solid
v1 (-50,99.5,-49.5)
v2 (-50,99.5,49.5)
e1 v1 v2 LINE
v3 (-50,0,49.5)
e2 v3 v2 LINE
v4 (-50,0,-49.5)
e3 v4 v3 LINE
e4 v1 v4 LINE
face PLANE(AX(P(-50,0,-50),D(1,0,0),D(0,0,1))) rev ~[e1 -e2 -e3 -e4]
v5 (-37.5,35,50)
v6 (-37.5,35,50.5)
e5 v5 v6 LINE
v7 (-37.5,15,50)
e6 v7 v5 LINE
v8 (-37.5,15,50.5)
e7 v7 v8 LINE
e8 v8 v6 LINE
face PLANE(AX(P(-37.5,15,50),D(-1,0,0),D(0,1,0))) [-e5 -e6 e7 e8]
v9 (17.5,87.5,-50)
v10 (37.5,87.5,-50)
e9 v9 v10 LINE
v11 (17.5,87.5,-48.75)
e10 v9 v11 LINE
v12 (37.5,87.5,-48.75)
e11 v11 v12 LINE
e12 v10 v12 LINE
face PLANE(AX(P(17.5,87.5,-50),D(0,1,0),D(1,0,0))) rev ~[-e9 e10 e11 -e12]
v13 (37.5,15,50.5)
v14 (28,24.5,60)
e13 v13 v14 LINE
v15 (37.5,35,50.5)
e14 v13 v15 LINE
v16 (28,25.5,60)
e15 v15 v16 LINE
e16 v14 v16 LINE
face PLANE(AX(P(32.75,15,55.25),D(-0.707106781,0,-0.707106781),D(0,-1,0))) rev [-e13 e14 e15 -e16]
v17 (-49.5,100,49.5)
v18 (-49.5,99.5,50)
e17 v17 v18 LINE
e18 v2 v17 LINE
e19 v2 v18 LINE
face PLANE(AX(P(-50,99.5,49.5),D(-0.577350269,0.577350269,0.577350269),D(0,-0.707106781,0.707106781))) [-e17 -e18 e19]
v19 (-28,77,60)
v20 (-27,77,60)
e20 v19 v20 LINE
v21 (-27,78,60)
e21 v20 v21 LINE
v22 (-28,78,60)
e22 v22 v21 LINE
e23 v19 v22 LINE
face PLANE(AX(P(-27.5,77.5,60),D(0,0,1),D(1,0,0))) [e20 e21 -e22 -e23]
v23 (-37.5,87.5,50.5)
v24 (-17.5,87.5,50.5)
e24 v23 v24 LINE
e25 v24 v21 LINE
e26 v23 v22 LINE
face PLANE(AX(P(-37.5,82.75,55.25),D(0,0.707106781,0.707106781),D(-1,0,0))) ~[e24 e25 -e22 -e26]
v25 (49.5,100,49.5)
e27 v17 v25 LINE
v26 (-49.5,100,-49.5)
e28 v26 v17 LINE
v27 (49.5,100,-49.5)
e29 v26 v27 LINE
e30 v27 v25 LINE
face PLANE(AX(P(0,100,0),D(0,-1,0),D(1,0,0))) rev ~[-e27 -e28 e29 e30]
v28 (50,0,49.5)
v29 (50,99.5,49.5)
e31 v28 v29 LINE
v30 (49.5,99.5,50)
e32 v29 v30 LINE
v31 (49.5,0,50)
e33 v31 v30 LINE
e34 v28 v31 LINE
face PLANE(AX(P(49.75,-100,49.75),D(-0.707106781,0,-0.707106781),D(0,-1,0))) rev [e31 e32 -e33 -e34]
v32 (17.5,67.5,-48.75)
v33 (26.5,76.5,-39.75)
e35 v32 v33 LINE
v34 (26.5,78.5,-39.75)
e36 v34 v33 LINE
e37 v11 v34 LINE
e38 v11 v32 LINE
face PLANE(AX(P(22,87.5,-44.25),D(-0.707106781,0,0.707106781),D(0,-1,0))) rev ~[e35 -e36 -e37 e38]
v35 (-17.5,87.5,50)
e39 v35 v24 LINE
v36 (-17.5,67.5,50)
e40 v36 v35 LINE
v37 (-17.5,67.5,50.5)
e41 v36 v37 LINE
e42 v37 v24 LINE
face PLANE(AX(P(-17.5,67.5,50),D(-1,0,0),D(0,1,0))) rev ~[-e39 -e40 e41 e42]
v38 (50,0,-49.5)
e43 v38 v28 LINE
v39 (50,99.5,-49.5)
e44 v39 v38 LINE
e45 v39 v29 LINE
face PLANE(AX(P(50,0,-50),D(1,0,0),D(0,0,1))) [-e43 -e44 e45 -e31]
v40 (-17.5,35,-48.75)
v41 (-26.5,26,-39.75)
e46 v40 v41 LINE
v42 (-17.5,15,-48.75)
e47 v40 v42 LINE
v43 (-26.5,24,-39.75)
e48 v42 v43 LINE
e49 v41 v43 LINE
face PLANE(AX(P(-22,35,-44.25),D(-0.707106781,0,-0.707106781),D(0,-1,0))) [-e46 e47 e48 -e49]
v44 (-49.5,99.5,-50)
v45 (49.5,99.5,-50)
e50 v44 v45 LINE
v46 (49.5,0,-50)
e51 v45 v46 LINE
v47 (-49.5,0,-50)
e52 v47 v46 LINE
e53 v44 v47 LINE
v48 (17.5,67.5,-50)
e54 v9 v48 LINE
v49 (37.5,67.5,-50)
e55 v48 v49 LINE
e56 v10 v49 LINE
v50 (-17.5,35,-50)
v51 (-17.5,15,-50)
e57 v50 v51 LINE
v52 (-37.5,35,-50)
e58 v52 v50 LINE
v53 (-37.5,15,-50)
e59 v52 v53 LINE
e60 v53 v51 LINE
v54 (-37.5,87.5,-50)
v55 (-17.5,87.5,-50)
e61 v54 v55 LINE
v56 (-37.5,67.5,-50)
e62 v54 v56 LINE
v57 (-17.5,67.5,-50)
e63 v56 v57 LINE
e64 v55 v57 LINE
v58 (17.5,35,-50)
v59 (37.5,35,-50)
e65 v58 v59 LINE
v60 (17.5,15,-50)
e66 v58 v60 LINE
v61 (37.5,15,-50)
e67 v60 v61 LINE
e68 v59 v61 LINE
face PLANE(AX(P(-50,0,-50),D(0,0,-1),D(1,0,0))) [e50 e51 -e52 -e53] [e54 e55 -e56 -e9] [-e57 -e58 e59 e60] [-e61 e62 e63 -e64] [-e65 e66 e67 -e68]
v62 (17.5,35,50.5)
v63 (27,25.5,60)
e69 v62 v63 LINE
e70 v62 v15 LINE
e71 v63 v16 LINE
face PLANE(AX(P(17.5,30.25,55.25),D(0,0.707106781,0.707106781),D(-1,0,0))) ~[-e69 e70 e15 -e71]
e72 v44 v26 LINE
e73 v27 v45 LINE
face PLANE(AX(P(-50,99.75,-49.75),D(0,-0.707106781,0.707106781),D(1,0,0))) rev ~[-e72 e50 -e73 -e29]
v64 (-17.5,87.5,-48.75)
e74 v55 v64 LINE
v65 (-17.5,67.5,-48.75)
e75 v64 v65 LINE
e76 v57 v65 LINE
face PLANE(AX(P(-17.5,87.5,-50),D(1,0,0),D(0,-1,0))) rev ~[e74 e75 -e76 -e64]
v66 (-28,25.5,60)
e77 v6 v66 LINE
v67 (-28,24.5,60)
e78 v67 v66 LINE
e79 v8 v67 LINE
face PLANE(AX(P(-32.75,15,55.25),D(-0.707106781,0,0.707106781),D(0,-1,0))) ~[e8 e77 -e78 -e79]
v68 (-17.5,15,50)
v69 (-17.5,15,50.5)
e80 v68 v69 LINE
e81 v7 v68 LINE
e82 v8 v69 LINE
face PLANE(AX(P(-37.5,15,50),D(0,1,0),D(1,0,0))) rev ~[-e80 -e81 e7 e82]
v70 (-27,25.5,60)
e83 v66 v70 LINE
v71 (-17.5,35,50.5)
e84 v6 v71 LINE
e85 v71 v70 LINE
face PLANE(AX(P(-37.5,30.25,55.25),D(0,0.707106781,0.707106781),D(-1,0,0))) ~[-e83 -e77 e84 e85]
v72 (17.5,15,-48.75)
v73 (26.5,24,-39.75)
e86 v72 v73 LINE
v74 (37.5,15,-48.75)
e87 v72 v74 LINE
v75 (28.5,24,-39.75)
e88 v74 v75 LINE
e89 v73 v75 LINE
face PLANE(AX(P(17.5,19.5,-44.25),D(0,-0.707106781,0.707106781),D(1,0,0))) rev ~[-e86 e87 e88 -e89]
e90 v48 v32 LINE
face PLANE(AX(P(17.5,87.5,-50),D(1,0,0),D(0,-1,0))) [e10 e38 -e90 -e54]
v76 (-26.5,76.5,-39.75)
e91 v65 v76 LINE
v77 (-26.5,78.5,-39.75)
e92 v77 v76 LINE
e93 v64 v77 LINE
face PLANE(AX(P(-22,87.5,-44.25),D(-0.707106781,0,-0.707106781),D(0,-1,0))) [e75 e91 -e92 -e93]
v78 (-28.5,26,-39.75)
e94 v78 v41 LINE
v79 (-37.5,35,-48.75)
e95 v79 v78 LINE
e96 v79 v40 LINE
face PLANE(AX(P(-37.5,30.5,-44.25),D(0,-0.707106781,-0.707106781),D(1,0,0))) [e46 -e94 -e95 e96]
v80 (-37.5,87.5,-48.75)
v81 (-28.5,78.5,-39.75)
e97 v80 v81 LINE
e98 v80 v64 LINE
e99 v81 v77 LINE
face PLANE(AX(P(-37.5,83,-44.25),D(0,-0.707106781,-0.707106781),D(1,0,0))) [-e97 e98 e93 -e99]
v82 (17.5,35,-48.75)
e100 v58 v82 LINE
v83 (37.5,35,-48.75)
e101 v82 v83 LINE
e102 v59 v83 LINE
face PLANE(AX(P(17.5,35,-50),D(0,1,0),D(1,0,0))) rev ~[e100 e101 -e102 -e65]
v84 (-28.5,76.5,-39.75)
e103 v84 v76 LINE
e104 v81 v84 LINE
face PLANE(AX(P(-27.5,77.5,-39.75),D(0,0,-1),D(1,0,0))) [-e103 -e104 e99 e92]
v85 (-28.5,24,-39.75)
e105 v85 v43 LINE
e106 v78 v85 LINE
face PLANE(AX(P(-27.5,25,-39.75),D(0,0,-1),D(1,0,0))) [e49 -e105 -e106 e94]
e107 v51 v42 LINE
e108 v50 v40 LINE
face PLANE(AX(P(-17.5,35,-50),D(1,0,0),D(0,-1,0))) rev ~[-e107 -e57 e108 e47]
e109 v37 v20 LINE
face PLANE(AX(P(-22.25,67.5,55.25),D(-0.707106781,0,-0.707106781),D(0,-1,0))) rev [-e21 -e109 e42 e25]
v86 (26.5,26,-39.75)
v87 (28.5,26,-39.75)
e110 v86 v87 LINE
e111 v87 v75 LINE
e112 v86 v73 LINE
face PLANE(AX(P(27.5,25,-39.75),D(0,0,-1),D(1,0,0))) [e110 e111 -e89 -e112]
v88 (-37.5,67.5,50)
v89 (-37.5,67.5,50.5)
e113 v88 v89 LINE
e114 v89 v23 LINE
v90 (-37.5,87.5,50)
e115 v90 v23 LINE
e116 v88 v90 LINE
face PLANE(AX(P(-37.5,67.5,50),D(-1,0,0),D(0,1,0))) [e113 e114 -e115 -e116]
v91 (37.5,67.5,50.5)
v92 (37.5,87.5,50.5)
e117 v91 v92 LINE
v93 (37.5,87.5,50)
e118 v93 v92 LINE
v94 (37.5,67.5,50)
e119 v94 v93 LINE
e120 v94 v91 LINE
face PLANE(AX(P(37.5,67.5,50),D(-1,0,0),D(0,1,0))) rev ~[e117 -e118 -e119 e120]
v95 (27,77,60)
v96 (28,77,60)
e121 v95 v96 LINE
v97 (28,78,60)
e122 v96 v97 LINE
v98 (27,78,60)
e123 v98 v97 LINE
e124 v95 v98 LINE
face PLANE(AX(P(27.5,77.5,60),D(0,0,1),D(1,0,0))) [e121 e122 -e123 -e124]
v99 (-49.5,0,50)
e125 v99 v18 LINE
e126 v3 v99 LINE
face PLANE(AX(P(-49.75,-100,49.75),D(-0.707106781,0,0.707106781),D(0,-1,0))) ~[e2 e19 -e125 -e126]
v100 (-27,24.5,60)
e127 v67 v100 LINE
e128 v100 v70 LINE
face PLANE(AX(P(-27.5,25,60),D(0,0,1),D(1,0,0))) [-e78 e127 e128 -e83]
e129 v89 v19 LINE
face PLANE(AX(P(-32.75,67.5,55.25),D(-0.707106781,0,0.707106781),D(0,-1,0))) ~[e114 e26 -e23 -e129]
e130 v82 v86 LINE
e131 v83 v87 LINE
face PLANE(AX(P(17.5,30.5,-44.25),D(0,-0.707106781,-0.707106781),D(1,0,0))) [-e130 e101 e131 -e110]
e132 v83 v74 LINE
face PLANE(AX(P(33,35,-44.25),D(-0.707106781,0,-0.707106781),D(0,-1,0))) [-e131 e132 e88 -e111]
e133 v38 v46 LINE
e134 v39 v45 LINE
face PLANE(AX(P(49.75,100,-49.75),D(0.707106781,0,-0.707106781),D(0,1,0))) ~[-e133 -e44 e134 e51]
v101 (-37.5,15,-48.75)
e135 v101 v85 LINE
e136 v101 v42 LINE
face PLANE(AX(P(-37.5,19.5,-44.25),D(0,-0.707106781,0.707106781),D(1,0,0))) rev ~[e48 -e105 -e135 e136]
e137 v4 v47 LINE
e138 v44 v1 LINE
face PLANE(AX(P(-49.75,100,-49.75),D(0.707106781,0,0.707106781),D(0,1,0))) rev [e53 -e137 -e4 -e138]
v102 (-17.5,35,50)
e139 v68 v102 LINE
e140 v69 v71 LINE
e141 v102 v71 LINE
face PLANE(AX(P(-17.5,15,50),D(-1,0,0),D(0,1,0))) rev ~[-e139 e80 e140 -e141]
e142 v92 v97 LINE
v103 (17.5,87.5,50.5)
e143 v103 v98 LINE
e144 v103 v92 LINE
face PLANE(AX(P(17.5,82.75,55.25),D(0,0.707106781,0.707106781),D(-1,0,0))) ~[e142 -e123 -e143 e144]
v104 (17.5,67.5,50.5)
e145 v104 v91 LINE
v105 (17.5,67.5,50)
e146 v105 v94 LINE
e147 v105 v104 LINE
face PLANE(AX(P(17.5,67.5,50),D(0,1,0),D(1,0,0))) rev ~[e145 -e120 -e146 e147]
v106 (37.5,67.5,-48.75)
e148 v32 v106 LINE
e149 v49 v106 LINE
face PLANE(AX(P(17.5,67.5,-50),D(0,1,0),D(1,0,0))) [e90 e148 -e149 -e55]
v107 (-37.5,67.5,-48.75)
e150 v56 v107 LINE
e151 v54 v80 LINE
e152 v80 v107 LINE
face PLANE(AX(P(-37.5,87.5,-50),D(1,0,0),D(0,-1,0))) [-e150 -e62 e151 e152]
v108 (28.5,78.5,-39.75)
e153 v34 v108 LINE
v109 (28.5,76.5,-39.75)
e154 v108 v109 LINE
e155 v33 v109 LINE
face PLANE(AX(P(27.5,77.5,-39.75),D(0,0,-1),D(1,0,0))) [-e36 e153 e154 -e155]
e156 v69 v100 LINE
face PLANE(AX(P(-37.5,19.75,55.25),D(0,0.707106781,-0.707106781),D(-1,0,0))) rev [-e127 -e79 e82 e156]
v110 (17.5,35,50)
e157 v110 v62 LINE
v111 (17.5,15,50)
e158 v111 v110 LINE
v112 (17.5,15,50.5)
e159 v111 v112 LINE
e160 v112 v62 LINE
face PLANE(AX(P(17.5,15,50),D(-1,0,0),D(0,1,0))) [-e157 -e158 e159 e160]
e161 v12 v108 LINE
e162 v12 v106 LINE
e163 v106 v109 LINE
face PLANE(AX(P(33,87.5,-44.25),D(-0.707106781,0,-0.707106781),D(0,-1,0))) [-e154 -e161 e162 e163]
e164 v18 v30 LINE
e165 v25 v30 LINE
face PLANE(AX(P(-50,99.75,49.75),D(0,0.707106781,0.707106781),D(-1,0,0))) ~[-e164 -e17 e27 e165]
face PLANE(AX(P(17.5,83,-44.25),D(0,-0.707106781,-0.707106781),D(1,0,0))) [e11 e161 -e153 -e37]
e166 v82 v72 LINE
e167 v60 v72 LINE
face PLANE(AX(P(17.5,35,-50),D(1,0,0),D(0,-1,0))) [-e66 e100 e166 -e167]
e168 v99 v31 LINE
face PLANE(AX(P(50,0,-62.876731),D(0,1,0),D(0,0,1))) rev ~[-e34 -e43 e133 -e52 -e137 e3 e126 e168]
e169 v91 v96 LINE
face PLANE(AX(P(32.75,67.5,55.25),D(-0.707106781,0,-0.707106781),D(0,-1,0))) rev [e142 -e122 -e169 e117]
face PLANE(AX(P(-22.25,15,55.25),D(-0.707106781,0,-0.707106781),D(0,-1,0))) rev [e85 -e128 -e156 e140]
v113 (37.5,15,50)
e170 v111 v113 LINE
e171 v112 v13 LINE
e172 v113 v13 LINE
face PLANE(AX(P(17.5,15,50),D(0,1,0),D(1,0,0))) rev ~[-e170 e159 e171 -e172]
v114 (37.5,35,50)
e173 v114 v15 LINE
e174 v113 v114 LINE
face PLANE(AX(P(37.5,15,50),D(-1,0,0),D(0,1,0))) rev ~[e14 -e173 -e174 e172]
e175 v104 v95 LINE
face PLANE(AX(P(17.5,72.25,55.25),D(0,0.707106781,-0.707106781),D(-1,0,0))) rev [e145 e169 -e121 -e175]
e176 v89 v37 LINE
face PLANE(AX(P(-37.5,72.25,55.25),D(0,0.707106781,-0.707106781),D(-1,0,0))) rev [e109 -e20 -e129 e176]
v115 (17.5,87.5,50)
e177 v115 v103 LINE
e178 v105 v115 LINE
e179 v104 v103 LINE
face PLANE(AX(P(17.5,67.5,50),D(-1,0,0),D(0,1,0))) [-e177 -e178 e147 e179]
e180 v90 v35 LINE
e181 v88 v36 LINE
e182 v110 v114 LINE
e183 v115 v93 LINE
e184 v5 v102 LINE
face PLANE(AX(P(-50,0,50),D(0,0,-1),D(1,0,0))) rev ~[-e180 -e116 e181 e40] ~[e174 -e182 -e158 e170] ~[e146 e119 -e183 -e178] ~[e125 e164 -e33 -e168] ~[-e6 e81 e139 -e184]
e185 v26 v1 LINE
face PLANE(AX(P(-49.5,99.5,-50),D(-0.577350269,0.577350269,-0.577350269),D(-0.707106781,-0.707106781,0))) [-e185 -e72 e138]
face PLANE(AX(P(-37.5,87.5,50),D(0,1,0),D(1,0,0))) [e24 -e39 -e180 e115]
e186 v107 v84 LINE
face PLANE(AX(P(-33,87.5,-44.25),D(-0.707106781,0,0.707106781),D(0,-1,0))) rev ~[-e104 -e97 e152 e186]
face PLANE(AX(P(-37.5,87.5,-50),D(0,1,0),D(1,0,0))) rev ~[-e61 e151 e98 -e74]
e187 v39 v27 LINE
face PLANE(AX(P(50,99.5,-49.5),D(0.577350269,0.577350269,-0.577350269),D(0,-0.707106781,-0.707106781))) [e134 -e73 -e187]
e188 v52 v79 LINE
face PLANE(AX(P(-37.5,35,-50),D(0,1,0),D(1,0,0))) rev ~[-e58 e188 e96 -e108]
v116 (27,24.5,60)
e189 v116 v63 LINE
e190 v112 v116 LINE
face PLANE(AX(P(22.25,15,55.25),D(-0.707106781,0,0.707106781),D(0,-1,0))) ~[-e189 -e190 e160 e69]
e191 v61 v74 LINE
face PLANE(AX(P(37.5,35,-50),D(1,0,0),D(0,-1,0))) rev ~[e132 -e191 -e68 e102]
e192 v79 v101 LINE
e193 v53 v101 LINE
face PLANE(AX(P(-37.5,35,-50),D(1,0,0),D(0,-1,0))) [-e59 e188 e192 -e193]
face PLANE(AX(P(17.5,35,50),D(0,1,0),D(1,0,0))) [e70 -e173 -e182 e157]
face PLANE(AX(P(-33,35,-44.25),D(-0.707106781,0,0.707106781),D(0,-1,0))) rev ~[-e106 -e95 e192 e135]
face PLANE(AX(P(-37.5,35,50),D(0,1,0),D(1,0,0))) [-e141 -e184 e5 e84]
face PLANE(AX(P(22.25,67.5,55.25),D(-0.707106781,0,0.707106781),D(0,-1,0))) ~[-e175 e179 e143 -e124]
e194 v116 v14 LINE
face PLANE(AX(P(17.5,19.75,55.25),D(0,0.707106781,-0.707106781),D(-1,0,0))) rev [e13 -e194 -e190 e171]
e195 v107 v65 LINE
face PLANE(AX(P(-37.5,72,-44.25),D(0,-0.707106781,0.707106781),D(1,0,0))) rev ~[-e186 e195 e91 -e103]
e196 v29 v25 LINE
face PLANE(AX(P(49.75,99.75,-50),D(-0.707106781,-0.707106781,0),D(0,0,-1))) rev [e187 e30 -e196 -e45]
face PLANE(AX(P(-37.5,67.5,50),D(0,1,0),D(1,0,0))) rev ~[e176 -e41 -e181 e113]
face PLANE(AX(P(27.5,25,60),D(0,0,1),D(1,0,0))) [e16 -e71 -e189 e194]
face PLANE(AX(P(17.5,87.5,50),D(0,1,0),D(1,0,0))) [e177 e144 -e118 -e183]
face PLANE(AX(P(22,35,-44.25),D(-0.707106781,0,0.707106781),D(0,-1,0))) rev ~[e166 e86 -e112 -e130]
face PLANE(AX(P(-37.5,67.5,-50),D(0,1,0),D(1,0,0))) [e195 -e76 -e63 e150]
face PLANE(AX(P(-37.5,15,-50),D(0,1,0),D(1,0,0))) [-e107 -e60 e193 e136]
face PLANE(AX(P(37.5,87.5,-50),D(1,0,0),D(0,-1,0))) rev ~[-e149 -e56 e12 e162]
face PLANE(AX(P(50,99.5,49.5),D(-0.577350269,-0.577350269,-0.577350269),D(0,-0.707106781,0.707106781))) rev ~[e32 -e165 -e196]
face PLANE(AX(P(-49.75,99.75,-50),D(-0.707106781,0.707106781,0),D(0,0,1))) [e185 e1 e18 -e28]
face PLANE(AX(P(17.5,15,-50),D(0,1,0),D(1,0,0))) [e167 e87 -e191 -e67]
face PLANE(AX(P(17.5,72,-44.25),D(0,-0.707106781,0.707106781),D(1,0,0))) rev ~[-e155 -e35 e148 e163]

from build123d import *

# Parameters (mm, degrees)
F0_W      = 100
F0_H      = 100
F1_DEPTH  = 100
F2_W      = 20
F2_H      = 20
F3_DEPTH  = 10
F4_SIZE   = 9.5
F5_W      = 20
F5_H      = 20
F6_DEPTH  = 10.25
F7_SIZE   = 9
F8_SIZE   = 0.5
F10_DEPTH = 100


with BuildPart() as f1:
    # F0 (on Front) → F1 (new body, symmetric)
    with BuildSketch(Plane.XZ):
        Rectangle(F0_W, F0_H)
    extrude(amount=F1_DEPTH, both=True)

    # F2 (on face) → F3 (join)
    with BuildSketch(Plane.XY.offset(50)):
        with Locations((-27.5, 77.5)):
            Rectangle(F2_W, F2_H)
        with Locations((27.5, 77.5)):
            Rectangle(F2_W, F2_H)
        with Locations((-27.5, 25)):
            Rectangle(F2_W, F2_H)
        with Locations((-27.5, -25)):
            Rectangle(F2_W, F2_H)
        with Locations((-27.5, -77.5)):
            Rectangle(F2_W, F2_H)
        with Locations((27.5, -77.5)):
            Rectangle(F2_W, F2_H)
        with Locations((27.5, -25)):
            Rectangle(F2_W, F2_H)
        with Locations((27.5, 25)):
            Rectangle(F2_W, F2_H)
    extrude(amount=F3_DEPTH)

    # F4
    f4_edges = [f1.edges().sort_by_distance(p)[0] for p in [
        (27.5, -67.5, 60),
        (17.5, -77.5, 60),
        (27.5, -87.5, 60),
        (37.5, -77.5, 60),
        (27.5, -15, 60),
        (17.5, -25, 60),
        (27.5, -35, 60),
        (37.5, -25, 60),
        (-27.5, -67.5, 60),
        (-37.5, -77.5, 60),
        (-27.5, -87.5, 60),
        (-17.5, -77.5, 60),
        (-27.5, -15, 60),
        (-37.5, -25, 60),
        (-27.5, -35, 60),
        (-17.5, -25, 60),
        (-27.5, 35, 60),
        (-37.5, 25, 60),
        (-27.5, 15, 60),
        (-17.5, 25, 60),
        (-27.5, 87.5, 60),
        (-37.5, 77.5, 60),
        (-27.5, 67.5, 60),
        (-17.5, 77.5, 60),
        (27.5, 87.5, 60),
        (17.5, 77.5, 60),
        (27.5, 67.5, 60),
        (37.5, 77.5, 60),
        (17.5, 25, 60),
        (27.5, 15, 60),
        (37.5, 25, 60),
        (27.5, 35, 60),
    ]]
    chamfer(f4_edges, length=F4_SIZE)

    # F5 (on face) → F6 (cut)
    with BuildSketch(Plane(origin=(0, 0, -50), x_dir=(1, 0, 0), z_dir=(0, 0, -1))):
        with Locations((-27.5, 77.5)):
            Rectangle(F5_W, F5_H)
        with Locations((27.5, 77.5)):
            Rectangle(F5_W, F5_H)
        with Locations((27.5, 25)):
            Rectangle(F5_W, F5_H)
        with Locations((-27.5, 25)):
            Rectangle(F5_W, F5_H)
        with Locations((-27.5, -25)):
            Rectangle(F5_W, F5_H)
        with Locations((27.5, -25)):
            Rectangle(F5_W, F5_H)
        with Locations((27.5, -77.5)):
            Rectangle(F5_W, F5_H)
        with Locations((-27.5, -77.5)):
            Rectangle(F5_W, F5_H)
    extrude(amount=-F6_DEPTH, mode=Mode.SUBTRACT)

    # F7
    f7_edges = [f1.edges().sort_by_distance(p)[0] for p in [
        (27.5, -87.5, -39.75),
        (17.5, -77.5, -39.75),
        (27.5, -67.5, -39.75),
        (37.5, -77.5, -39.75),
        (-27.5, -87.5, -39.75),
        (-37.5, -77.5, -39.75),
        (-27.5, -67.5, -39.75),
        (-17.5, -77.5, -39.75),
        (-27.5, -35, -39.75),
        (-37.5, -25, -39.75),
        (-27.5, -15, -39.75),
        (-17.5, -25, -39.75),
        (17.5, -25, -39.75),
        (27.5, -15, -39.75),
        (37.5, -25, -39.75),
        (27.5, -35, -39.75),
        (27.5, 15, -39.75),
        (17.5, 25, -39.75),
        (27.5, 35, -39.75),
        (37.5, 25, -39.75),
        (-27.5, 15, -39.75),
        (-37.5, 25, -39.75),
        (-27.5, 35, -39.75),
        (-17.5, 25, -39.75),
        (-27.5, 67.5, -39.75),
        (-37.5, 77.5, -39.75),
        (-27.5, 87.5, -39.75),
        (-17.5, 77.5, -39.75),
        (27.5, 67.5, -39.75),
        (17.5, 77.5, -39.75),
        (27.5, 87.5, -39.75),
        (37.5, 77.5, -39.75),
    ]]
    chamfer(f7_edges, length=F7_SIZE)

    # F8
    f8_edges = [f1.edges().sort_by_distance(p)[0] for p in [
        (0, -100, 50),
        (-50, -100, 0),
        (0, -100, -50),
        (50, -100, 0),
        (0, 100, 50),
        (-50, 100, 0),
        (0, 100, -50),
        (50, 100, 0),
        (50, 0, 50),
        (50, 0, -50),
        (-50, 0, 50),
        (-50, 0, -50),
    ]]
    chamfer(f8_edges, length=F8_SIZE)

    # F9 (on face) → F10 (cut)
    with BuildSketch(Plane.YZ.offset(50)):
        Polygon((0, -62.8767311573), (0, 0), (0, 74.2203742266), (-106.3256561756, 74.2203742266), (-106.3256561756, -62.8767311573), align=None)
    extrude(amount=-F10_DEPTH, mode=Mode.SUBTRACT)


solid = f1.part
